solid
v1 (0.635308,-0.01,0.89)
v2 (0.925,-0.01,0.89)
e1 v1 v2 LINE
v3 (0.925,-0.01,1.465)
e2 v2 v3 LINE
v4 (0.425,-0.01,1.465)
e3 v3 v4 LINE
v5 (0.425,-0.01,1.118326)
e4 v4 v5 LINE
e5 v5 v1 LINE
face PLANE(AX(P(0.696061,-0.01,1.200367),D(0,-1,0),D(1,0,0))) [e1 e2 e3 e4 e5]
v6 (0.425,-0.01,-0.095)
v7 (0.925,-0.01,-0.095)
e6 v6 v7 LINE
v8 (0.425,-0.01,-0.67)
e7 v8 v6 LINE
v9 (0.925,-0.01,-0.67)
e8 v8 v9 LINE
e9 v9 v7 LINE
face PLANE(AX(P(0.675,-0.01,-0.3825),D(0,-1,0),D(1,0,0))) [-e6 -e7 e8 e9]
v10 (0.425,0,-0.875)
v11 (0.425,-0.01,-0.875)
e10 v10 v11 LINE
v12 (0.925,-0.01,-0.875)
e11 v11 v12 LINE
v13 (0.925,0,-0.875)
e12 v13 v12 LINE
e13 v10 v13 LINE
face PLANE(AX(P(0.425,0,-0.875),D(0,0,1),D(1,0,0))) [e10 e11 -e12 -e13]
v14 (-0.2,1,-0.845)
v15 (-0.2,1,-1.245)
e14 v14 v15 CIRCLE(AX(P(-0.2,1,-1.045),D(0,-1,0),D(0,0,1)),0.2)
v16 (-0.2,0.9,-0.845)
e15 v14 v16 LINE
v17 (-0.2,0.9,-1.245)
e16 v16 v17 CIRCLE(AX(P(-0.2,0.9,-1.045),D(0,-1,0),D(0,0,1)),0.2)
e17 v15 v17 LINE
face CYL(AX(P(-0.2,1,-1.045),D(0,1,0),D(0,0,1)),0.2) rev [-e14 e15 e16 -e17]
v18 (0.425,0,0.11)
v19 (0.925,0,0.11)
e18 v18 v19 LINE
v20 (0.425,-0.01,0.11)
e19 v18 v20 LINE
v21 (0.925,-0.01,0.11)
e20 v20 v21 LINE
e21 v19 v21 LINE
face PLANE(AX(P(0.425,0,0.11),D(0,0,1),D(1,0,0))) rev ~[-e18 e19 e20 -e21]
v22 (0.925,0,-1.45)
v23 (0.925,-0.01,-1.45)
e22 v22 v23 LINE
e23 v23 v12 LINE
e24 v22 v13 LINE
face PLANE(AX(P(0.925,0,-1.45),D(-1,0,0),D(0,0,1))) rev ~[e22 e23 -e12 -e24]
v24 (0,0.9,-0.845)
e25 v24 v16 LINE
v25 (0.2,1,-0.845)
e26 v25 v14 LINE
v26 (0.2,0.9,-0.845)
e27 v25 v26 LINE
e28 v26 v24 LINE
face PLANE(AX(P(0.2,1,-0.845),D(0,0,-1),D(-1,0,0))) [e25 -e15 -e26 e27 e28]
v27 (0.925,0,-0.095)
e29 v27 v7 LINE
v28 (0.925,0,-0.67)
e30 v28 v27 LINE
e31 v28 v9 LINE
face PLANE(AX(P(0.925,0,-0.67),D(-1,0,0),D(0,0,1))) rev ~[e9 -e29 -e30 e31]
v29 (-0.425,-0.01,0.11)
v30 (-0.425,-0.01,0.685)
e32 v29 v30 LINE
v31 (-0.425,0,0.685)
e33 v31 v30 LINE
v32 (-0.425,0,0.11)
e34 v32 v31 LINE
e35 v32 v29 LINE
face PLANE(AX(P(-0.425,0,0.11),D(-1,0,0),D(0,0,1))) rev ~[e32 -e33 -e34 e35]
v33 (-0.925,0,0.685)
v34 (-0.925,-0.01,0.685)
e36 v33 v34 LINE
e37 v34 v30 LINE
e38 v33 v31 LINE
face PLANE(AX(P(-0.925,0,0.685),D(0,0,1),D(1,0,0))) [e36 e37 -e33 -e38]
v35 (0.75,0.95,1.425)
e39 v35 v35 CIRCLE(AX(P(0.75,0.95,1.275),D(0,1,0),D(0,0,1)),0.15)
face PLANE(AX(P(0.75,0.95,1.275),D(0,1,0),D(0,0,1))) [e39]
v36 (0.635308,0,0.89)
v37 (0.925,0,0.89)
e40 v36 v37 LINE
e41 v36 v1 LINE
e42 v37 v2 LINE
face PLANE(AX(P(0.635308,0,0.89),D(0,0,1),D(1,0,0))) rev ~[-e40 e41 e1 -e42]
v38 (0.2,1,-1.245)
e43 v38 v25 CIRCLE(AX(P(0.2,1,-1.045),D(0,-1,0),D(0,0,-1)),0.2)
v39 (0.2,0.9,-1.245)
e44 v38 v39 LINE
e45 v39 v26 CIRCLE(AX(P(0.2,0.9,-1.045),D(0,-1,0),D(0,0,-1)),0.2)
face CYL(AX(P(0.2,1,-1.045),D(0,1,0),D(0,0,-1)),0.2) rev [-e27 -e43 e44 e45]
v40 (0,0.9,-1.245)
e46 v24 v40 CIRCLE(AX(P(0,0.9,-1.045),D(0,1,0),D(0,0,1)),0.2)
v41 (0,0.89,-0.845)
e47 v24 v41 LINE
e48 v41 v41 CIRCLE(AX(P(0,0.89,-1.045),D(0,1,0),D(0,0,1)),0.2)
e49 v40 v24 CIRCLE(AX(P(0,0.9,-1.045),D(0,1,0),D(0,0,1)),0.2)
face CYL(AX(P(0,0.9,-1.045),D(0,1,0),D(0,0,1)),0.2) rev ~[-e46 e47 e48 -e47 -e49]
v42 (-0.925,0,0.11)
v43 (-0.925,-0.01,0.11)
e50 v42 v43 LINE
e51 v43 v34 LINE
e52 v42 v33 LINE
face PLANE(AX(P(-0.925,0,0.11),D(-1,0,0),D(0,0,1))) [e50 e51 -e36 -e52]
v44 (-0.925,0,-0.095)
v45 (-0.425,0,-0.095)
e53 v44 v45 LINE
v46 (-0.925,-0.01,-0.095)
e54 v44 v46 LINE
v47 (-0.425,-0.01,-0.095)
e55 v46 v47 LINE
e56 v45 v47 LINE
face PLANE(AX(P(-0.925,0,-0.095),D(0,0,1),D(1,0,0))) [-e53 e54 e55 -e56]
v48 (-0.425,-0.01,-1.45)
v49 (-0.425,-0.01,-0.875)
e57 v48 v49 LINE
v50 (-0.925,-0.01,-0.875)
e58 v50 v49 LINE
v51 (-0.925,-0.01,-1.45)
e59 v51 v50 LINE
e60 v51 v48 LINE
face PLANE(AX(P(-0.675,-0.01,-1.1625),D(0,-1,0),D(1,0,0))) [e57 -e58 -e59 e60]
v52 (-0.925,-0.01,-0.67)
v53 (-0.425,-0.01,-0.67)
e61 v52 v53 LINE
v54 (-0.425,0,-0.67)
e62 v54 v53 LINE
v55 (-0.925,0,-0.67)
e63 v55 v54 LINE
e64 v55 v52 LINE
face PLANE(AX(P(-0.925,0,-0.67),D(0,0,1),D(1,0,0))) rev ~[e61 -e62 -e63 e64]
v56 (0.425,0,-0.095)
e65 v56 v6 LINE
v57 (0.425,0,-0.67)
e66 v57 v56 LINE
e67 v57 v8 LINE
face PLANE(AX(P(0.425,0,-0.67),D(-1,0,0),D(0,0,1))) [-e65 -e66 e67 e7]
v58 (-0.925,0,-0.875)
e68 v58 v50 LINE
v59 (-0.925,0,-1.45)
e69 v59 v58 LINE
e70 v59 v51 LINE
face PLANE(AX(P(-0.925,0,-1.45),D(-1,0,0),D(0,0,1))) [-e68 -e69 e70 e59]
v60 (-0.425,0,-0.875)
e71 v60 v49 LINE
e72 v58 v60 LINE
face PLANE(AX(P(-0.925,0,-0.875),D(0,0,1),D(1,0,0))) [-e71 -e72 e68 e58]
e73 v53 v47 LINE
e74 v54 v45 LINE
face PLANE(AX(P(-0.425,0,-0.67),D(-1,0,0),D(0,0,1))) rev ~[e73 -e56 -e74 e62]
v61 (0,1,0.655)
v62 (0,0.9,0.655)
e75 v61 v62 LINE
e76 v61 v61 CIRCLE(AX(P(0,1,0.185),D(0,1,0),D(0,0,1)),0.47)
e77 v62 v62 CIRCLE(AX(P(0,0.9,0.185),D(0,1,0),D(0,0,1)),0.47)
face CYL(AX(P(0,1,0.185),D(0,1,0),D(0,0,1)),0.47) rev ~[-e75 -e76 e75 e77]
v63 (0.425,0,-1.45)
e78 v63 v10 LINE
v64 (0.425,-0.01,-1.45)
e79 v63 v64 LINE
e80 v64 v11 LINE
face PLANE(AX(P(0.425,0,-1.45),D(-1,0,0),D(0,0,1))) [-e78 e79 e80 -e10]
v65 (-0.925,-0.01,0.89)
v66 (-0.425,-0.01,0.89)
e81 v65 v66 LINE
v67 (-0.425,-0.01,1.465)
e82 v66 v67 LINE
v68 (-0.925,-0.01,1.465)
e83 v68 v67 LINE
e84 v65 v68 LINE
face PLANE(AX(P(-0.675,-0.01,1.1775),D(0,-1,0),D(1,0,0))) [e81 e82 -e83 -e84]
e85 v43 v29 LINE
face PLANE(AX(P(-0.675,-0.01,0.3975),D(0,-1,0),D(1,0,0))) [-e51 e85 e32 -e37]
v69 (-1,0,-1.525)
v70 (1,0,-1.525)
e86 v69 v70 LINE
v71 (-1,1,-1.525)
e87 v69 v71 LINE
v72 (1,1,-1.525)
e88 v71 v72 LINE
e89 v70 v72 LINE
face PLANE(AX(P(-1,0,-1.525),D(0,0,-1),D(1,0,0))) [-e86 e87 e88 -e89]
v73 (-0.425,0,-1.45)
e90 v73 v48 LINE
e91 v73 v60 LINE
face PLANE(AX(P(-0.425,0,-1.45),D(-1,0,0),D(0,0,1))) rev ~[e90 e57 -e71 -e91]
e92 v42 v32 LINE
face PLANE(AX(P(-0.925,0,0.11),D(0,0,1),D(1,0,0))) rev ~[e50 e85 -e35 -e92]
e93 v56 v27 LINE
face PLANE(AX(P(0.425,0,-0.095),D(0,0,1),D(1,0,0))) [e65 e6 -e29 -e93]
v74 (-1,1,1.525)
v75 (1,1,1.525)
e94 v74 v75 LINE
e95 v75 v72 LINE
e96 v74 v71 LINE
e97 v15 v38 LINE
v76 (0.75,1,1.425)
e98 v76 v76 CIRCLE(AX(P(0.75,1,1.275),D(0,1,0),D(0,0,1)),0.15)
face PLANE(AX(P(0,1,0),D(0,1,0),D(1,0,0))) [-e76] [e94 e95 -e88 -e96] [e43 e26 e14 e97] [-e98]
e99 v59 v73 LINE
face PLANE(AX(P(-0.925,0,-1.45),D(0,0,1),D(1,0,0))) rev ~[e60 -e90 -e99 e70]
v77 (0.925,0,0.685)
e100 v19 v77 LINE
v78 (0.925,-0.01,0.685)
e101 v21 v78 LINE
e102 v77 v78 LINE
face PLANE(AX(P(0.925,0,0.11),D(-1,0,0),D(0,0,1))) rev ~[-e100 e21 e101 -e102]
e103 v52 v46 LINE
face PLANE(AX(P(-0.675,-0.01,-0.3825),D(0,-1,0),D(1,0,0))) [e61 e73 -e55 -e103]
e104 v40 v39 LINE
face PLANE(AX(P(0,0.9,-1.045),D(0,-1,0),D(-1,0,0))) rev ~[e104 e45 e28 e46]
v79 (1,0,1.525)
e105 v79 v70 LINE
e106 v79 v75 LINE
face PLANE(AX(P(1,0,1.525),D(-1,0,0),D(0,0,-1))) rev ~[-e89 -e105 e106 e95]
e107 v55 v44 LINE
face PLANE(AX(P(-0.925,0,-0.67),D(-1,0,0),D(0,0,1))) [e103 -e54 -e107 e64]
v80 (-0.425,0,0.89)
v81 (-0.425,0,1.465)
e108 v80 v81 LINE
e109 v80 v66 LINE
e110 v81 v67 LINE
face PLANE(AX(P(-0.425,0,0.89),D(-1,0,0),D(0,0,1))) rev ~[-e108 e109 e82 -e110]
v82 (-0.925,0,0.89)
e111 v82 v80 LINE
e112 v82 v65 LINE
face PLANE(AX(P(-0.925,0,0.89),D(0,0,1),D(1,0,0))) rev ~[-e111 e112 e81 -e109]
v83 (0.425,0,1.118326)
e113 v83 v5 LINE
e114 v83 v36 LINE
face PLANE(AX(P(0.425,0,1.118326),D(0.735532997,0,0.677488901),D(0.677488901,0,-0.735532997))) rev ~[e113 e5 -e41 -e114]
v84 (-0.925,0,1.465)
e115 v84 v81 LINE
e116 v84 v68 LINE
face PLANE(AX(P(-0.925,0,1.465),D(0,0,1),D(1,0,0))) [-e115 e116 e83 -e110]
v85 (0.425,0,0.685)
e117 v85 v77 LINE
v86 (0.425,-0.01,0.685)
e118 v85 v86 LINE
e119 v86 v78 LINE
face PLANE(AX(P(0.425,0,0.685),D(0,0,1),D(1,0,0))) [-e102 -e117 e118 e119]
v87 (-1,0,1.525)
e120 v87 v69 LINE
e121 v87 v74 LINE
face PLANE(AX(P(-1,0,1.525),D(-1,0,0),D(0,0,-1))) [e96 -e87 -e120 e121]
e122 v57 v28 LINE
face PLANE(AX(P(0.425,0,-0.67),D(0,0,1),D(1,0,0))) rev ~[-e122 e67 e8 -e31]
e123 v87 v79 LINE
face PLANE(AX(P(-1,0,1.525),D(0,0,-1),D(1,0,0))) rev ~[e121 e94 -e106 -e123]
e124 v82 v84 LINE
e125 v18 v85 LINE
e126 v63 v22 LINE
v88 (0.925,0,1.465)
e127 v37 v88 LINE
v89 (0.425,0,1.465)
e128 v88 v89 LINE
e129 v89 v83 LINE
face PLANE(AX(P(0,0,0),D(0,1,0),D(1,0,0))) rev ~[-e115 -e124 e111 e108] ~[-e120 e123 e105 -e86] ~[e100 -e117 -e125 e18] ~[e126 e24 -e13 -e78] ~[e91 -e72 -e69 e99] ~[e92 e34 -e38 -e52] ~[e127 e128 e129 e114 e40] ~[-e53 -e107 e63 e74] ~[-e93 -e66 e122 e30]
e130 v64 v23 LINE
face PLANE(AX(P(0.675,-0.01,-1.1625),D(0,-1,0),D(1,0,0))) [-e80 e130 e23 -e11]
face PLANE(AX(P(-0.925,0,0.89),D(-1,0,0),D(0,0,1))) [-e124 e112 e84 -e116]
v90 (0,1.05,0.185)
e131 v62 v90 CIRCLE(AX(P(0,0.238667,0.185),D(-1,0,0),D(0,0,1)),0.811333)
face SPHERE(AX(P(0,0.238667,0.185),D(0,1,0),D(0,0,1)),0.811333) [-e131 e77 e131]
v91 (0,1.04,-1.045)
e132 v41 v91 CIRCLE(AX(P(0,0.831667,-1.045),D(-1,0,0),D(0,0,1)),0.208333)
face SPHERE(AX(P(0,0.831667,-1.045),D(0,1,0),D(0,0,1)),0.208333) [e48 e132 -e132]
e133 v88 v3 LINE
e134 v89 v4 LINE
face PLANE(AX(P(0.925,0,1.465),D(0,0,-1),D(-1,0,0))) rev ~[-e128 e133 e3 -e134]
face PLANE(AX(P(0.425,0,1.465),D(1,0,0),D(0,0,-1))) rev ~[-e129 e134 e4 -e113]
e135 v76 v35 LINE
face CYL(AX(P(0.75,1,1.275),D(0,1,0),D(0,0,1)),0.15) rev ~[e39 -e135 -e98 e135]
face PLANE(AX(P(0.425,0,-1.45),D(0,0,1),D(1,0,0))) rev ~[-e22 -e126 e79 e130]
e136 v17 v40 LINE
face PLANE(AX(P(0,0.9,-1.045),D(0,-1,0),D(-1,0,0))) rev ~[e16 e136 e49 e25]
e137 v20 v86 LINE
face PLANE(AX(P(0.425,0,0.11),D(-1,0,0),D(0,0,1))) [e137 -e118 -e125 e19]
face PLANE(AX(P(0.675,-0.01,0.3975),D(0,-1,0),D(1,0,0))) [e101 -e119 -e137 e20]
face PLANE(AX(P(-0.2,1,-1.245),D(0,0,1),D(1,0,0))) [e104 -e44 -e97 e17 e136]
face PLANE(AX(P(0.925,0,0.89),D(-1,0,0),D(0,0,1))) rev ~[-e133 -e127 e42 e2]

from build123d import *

# Parameters (mm, degrees)
SKETCH1_W           = 2
SKETCH1_H           = 3.05
BOSS_EXTRUDE1_DEPTH = 1
SKETCH2_R           = 0.47
CUT_EXTRUDE1_DEPTH  = 0.1
SKETCH3_R           = 0.15
CUT_EXTRUDE2_DEPTH  = 0.05
DOME1_FACE_RADIUS   = 0.47
DOME1_HEIGHT        = 0.15
SKETCH5_R           = 0.2
CUT_EXTRUDE3_DEPTH  = 0.01
DOME2_FACE_RADIUS   = 0.2
DOME2_HEIGHT        = 0.15
SKETCH6_W           = 0.5
SKETCH6_H           = 0.575
BOSS_EXTRUDE2_DEPTH = 0.01


with BuildPart() as part:
    # Sketch1 → Boss-Extrude1 (new body)
    with BuildSketch(Plane(origin=(0, 0, 0), x_dir=(1, 0, 0), z_dir=(0, 1, 0))):
        Rectangle(SKETCH1_W, SKETCH1_H)
    extrude(amount=BOSS_EXTRUDE1_DEPTH)

    # Sketch2 → Cut-Extrude1 (cut)
    with BuildSketch(Plane(origin=(0, 1, 0), x_dir=(1, 0, 0), z_dir=(0, 1, 0))):
        with Locations(Location((0, -0.185, 0), (0, 0, 270))):
            Circle(SKETCH2_R)
        with BuildLine():
            Line((-0.2, 1.245), (0.2, 1.245))
            ThreePointArc((0.2, 1.245), (0.4, 1.045), (0.2, 0.845))
            Line((0.2, 0.845), (-0.2, 0.845))
            ThreePointArc((-0.2, 0.845), (-0.4, 1.045), (-0.2, 1.245))
        make_face()
    extrude(amount=-CUT_EXTRUDE1_DEPTH, mode=Mode.SUBTRACT)

    # Sketch3 → Cut-Extrude2 (cut)
    with BuildSketch(Plane(origin=(0, 1, 0), x_dir=(1, 0, 0), z_dir=(0, 1, 0))):
        with Locations(Location((0.75, -1.275, 0), (0, 0, 270))):
            Circle(SKETCH3_R)
    extrude(amount=-CUT_EXTRUDE2_DEPTH, mode=Mode.SUBTRACT)

    # Dome1: a dome of height H over a round flat face of radius A is a cap of a sphere of radius (A * A + H * H) / (2 * H)
    dome1_r = (DOME1_FACE_RADIUS * DOME1_FACE_RADIUS + DOME1_HEIGHT * DOME1_HEIGHT) / (2 * DOME1_HEIGHT)
    dome1_base = Plane((0, 0.9, 0.185), z_dir=(0, 1, 0))
    with Locations(dome1_base.offset(DOME1_HEIGHT - dome1_r)):
        dome1_ball = Sphere(dome1_r, mode=Mode.PRIVATE)
    add(split(dome1_ball, bisect_by=dome1_base, keep=Keep.TOP, mode=Mode.PRIVATE))

    # Sketch5 → Cut-Extrude3 (cut)
    with BuildSketch(Plane(origin=(0, 0.9, 0), x_dir=(1, 0, 0), z_dir=(0, 1, 0))):
        with Locations(Location((0, 1.045, 0), (0, 0, 270))):
            Circle(SKETCH5_R)
    extrude(amount=-CUT_EXTRUDE3_DEPTH, mode=Mode.SUBTRACT)

    # Dome2: a dome of height H over a round flat face of radius A is a cap of a sphere of radius (A * A + H * H) / (2 * H)
    dome2_r = (DOME2_FACE_RADIUS * DOME2_FACE_RADIUS + DOME2_HEIGHT * DOME2_HEIGHT) / (2 * DOME2_HEIGHT)
    dome2_base = Plane((0, 0.89, -1.045), z_dir=(0, 1, 0))
    with Locations(dome2_base.offset(DOME2_HEIGHT - dome2_r)):
        dome2_ball = Sphere(dome2_r, mode=Mode.PRIVATE)
    add(split(dome2_ball, bisect_by=dome2_base, keep=Keep.TOP, mode=Mode.PRIVATE))

    # Sketch6 → Boss-Extrude2 (add)
    with BuildSketch(Plane.XZ):
        with Locations((0.675, -1.1625)):
            Rectangle(SKETCH6_W, SKETCH6_H)
        with Locations((0.675, -0.3825)):
            Rectangle(SKETCH6_W, SKETCH6_H)
        with Locations((0.675, 0.3975)):
            Rectangle(SKETCH6_W, SKETCH6_H)
        Polygon((0.925, 0.89), (0.925, 1.465), (0.425, 1.465), (0.425, 1.118326213), (0.635308002, 0.89), align=None)
        with Locations((-0.675, 1.1775)):
            Rectangle(SKETCH6_W, SKETCH6_H)
        with Locations((-0.675, 0.3975)):
            Rectangle(SKETCH6_W, SKETCH6_H)
        with Locations((-0.675, -0.3825)):
            Rectangle(SKETCH6_W, SKETCH6_H)
        with Locations((-0.675, -1.1625)):
            Rectangle(SKETCH6_W, SKETCH6_H)
    extrude(amount=BOSS_EXTRUDE2_DEPTH)


solid = part.part
